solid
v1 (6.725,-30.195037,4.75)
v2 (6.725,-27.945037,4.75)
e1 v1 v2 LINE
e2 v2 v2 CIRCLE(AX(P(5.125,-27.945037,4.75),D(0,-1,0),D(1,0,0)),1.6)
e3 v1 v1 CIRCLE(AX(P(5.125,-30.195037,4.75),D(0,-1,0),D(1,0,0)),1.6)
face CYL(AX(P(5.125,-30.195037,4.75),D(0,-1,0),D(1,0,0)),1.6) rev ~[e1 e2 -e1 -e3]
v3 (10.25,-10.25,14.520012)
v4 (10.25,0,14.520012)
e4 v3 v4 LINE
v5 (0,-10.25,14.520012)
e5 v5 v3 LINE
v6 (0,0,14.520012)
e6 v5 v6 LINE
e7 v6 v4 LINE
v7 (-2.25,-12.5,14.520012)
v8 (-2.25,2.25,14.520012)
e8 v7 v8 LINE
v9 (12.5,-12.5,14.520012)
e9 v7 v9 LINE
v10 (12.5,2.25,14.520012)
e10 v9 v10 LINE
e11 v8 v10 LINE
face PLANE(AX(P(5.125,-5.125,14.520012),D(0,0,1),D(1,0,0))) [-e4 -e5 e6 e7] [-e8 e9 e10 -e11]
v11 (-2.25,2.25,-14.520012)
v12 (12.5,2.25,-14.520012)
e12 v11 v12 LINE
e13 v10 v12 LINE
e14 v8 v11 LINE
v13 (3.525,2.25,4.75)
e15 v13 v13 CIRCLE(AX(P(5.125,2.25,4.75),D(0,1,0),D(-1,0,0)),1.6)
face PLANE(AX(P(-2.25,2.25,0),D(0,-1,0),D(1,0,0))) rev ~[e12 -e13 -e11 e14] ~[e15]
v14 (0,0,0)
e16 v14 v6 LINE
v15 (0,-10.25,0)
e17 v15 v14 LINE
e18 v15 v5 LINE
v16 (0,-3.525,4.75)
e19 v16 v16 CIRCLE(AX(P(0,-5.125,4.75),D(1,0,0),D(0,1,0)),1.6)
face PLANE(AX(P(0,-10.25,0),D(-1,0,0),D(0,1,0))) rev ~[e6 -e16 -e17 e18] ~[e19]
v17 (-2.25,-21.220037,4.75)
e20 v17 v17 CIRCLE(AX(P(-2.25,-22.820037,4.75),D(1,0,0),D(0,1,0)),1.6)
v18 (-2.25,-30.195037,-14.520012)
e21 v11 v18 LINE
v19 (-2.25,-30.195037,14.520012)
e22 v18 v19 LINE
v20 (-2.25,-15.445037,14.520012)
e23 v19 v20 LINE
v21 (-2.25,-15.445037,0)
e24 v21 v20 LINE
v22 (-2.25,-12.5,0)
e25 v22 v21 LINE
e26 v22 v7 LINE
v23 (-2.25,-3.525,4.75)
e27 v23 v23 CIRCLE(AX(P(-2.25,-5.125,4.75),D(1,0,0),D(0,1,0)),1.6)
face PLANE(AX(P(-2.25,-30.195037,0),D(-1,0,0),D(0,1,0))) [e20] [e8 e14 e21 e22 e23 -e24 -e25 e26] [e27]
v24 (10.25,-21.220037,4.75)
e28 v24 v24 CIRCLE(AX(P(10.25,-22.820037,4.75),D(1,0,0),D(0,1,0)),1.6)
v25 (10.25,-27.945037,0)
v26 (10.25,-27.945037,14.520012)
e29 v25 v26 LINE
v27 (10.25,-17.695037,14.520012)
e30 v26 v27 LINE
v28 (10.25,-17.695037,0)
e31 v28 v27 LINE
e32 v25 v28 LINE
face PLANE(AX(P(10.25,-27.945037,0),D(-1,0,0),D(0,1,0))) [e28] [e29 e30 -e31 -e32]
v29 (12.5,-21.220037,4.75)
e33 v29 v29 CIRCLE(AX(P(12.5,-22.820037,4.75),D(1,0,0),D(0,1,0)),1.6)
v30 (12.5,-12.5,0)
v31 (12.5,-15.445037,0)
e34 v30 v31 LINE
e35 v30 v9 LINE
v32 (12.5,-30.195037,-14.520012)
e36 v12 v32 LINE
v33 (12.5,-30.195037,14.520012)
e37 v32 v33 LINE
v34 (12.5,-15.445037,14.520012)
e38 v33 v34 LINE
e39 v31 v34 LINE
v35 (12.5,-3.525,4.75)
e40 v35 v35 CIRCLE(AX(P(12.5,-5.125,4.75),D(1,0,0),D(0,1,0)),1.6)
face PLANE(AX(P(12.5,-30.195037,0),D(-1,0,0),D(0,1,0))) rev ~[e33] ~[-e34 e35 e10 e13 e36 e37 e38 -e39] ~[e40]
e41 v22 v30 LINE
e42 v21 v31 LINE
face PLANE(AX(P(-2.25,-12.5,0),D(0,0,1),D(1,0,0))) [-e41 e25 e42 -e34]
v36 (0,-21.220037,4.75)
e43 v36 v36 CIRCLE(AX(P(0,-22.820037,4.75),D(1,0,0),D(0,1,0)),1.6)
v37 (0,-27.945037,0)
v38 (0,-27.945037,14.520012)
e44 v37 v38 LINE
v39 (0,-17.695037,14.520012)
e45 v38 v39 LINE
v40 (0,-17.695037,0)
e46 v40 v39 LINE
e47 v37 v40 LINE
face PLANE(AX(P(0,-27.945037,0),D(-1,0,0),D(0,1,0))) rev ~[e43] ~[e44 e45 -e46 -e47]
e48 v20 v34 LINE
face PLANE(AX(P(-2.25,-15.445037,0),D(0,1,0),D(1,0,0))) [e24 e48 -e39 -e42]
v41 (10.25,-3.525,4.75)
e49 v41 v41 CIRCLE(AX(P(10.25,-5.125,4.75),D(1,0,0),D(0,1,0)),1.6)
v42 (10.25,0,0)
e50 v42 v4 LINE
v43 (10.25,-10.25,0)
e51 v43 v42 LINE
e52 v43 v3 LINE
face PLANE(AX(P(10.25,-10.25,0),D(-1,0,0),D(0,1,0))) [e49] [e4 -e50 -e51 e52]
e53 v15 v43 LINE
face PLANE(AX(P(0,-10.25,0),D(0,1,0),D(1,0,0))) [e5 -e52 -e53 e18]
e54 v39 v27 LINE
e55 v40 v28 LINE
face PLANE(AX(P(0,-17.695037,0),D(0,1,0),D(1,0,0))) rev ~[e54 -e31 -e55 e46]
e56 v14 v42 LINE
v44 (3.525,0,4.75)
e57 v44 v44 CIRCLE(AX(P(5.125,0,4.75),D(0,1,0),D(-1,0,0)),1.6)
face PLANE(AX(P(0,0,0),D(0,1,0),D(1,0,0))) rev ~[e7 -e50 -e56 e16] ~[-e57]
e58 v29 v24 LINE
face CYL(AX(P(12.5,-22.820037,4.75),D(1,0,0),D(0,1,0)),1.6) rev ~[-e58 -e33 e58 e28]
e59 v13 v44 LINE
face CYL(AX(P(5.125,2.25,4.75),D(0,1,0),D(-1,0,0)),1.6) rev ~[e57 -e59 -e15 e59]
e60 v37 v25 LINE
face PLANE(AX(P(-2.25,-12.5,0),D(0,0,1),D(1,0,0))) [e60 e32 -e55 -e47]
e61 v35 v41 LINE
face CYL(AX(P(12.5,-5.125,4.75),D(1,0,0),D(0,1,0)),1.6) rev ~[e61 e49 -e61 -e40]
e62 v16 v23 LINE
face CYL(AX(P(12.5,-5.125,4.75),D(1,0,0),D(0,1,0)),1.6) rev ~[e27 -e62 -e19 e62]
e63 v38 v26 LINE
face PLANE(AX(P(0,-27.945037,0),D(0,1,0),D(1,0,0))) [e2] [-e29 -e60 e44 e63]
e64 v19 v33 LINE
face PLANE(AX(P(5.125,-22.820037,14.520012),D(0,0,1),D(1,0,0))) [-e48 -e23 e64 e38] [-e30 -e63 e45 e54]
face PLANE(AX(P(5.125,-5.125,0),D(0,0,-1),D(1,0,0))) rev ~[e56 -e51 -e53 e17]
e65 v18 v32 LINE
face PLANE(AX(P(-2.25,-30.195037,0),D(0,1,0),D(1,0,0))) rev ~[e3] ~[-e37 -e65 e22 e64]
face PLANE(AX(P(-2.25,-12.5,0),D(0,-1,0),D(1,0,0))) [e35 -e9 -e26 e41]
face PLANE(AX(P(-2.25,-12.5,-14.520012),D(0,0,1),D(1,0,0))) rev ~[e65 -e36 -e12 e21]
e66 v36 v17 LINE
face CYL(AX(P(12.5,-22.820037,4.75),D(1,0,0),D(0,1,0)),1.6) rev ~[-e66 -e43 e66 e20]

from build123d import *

# Parameters (mm, degrees)
F0_W      = 14.75
F0_H      = 14.75
F0_W_2    = 10.25
F0_H_2    = 10.25
F1_DEPTH  = 14.5200116
F2_W      = 14.75
F2_H      = 14.75
F2_W_2    = 10.25
F2_H_2    = 10.25
F3_DEPTH  = 14.5200116
F5_W      = 14.75
F5_H      = 14.5200116
F4_W      = 14.75
F4_H      = 14.5200116
F6_DEPTH  = 17.695037
F7_W      = 14.75
F7_H      = 14.75
F7_W_2    = 10.25
F7_H_2    = 10.25
F8_DEPTH  = 14.5200116
F9_R      = 1.6
F10_DEPTH = 25.4
F11_R     = 1.6
F12_DEPTH = 10
F13_R     = 1.6
F14_DEPTH = 10


with BuildPart() as f1:
    # F0 (on Top) → F1 (new body)
    with BuildSketch(Plane.XY):
        with Locations((5.125, -5.125)):
            Rectangle(F0_W, F0_H)
        with Locations((5.125, -5.125)):
            Rectangle(F0_W_2, F0_H_2, mode=Mode.SUBTRACT)
    extrude(amount=F1_DEPTH)

    # F2 (on face) → F3 (join)
    with BuildSketch(Plane(origin=(0, 0, 0), x_dir=(1, 0, 0), z_dir=(0, 0, -1))):
        with Locations((5.125, 5.125)):
            Rectangle(F2_W, F2_H)
        with Locations((5.125, 5.125)):
            Rectangle(F2_W_2, F2_H_2, mode=Mode.SUBTRACT)
        with Locations((5.125, 5.125)):
            Rectangle(F2_W_2, F2_H_2)
    extrude(amount=F3_DEPTH)

    # F5 (on face) + F4 (on face) → F6 (join)
    with BuildSketch(Plane.XZ.offset(12.5)):
        with Locations((5.125, -7.2600058)):
            Rectangle(F5_W, F5_H)
    with BuildSketch(Plane.XZ.offset(12.5)):
        with Locations((5.125, -7.2600058)):
            Rectangle(F4_W, F4_H)
        Polygon((0, -12.2700116), (0, -2.25), (10.25, -2.25), (10.25, -12.2700116), (10.25, -12.5), (0, -12.5), align=None, mode=Mode.SUBTRACT)
        Polygon((10.25, -2.25), (0, -2.25), (0, -12.2700116), (0, -12.5), (10.25, -12.5), (10.25, -12.2700116), align=None)
    extrude(amount=F6_DEPTH)

    # F7 (on face) → F8 (join)
    with BuildSketch(Plane.XY):
        with Locations((5.125, -22.820037)):
            Rectangle(F7_W, F7_H)
        with Locations((5.125, -22.820037)):
            Rectangle(F7_W_2, F7_H_2, mode=Mode.SUBTRACT)
    extrude(amount=F8_DEPTH)

    # F9 (on face) → F10 (cut)
    with BuildSketch(Plane.YZ.offset(12.5)):
        with Locations((-22.820037, 4.75)):
            Circle(F9_R)
        with Locations((-5.125, 4.75)):
            Circle(F9_R)
    extrude(amount=-F10_DEPTH, mode=Mode.SUBTRACT)

    # F11 (on face) → F12 (cut)
    with BuildSketch(Plane.XZ.offset(30.195037)):
        with Locations((5.125, 4.75)):
            Circle(F11_R)
    extrude(amount=-F12_DEPTH, mode=Mode.SUBTRACT)

    # F13 (on face) → F14 (cut)
    with BuildSketch(Plane(origin=(0, 2.25, 0), x_dir=(-1, 0, 0), z_dir=(0, 1, 0))):
        with Locations((-5.125, 4.75)):
            Circle(F13_R)
    extrude(amount=-F14_DEPTH, mode=Mode.SUBTRACT)


solid = f1.part
